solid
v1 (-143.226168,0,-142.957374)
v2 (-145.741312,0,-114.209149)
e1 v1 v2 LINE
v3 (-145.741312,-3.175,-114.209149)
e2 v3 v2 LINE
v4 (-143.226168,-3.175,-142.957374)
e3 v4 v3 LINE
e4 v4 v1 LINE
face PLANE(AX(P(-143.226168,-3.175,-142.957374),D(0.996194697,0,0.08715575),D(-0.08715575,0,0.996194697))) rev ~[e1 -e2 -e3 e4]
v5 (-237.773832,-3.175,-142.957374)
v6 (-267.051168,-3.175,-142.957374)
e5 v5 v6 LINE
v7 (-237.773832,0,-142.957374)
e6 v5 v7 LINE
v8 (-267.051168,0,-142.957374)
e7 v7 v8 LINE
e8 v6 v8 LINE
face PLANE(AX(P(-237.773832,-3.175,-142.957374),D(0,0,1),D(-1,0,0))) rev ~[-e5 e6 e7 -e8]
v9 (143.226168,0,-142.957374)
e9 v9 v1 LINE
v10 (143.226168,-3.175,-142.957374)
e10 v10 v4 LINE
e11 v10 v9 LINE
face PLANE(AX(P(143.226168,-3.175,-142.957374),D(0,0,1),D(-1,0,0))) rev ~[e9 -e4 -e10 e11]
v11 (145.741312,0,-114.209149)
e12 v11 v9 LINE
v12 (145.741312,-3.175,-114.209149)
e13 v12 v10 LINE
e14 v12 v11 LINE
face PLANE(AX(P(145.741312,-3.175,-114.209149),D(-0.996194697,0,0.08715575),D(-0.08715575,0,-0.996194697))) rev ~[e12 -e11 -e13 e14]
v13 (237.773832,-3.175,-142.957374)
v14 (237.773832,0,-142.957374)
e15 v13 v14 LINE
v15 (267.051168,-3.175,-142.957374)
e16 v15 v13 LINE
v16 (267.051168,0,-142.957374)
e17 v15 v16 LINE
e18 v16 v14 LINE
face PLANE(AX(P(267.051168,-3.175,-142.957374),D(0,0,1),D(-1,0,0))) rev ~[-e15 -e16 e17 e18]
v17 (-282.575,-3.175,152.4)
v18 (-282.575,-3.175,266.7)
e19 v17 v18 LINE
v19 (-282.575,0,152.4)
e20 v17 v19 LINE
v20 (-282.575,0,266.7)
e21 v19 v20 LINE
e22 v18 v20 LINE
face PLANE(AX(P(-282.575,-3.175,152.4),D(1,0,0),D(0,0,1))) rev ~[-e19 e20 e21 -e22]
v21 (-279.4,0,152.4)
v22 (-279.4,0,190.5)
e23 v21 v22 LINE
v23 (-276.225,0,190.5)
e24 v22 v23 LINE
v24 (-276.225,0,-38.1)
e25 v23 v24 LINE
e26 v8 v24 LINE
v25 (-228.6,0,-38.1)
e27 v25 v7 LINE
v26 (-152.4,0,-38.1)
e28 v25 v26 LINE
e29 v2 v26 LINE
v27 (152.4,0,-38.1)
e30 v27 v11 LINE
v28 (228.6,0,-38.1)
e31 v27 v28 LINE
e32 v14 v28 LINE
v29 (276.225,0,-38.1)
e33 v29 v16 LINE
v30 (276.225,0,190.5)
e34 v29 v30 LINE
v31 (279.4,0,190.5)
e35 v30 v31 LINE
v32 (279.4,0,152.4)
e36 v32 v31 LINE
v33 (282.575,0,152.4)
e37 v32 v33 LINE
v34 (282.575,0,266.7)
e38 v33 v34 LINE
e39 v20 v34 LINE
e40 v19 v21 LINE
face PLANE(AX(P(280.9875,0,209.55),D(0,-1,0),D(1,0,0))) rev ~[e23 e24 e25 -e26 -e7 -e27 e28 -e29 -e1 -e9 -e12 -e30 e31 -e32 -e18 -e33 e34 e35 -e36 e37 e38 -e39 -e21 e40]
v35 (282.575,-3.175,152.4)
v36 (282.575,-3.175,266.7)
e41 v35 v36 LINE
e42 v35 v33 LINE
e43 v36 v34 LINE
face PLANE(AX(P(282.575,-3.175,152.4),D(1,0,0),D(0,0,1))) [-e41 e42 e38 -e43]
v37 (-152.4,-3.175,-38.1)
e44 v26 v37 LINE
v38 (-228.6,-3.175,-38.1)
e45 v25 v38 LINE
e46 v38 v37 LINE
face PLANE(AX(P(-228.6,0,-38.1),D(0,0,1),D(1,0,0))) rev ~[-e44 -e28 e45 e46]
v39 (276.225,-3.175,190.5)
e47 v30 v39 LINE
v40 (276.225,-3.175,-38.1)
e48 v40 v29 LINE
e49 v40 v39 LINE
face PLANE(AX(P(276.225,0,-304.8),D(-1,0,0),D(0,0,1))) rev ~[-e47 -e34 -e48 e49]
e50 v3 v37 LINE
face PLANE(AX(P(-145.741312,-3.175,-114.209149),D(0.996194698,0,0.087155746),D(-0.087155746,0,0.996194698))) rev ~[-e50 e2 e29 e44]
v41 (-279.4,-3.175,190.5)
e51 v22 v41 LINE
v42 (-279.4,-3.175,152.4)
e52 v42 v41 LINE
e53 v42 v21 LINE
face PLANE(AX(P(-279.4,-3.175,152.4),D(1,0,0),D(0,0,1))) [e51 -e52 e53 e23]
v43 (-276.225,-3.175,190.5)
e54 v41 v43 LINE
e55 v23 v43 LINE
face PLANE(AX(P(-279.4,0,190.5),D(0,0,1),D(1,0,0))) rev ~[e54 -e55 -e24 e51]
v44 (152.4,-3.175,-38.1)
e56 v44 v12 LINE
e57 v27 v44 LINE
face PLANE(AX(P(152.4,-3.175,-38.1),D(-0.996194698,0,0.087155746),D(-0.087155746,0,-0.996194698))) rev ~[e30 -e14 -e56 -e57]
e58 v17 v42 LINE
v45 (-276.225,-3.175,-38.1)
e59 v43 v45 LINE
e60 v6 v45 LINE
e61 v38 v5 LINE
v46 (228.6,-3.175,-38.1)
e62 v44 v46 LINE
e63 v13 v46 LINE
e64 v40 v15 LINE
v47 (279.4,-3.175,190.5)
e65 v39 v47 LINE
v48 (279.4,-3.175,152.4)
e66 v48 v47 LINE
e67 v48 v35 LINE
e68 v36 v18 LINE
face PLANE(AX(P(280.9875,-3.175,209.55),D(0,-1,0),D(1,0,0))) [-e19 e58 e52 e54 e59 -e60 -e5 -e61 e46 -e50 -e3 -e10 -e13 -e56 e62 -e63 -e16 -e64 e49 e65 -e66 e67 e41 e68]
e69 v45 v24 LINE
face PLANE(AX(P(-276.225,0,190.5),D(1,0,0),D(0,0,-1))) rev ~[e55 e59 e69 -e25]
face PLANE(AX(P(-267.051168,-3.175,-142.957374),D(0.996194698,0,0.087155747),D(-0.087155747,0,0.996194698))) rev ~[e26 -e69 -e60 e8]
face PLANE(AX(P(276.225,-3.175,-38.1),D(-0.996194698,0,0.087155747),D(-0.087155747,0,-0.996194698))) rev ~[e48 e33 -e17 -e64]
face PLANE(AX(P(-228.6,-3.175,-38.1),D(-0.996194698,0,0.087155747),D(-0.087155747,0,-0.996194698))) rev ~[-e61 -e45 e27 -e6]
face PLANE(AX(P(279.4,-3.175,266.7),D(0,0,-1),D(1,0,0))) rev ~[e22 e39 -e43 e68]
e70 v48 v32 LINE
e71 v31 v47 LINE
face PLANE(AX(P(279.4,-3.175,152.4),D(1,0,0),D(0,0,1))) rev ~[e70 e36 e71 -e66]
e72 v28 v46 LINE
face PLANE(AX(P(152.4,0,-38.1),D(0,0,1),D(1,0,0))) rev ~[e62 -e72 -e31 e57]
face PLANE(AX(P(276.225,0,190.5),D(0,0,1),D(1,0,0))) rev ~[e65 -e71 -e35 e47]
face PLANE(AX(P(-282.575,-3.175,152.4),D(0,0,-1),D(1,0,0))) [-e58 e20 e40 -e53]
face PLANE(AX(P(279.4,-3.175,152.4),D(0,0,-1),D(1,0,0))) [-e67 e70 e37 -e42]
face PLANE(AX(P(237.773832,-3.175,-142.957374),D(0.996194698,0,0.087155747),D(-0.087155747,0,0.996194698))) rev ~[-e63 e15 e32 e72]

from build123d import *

# Parameters (mm, degrees)
F1_DEPTH = 3.175
F2_W     = 3.175
F2_H     = 114.3
F3_DEPTH = 3.175
F4_W     = 76.2
F4_H     = 161.842626
F5_DEPTH = 3.176


with BuildPart() as f1:
    # F0 (on Front) → F1 (new body)
    with BuildSketch(Plane.XZ):
        Polygon((228.6, -304.8), (276.225, -304.8), (276.225, 190.5), (279.4, 190.5), (279.4, 266.7), (276.225, 266.7), (-276.225, 266.7), (-279.4, 266.7), (-279.4, 190.5), (-276.225, 190.5), (-276.225, 185.04481), (-276.225, -304.8), (-228.6, -304.8), (-228.6, -38.1), (-152.4, -38.1), (-152.4, -304.8), (152.4, -304.8), (152.4, -38.1), (228.6, -38.1), align=None)
    extrude(amount=F1_DEPTH)

    # F2 (on face) → F3 (join, through all)
    with BuildSketch(Plane.XZ.offset(3.175)):
        with Locations((280.9875, 209.55)):
            Rectangle(F2_W, F2_H)
        with Locations((-280.9875, 209.55)):
            Rectangle(F2_W, F2_H)
    extrude(amount=-F3_DEPTH)

    # F4 (on face) → F5 (cut, through all)
    with BuildSketch(Plane.XZ.offset(3.175)):
        Polygon((-228.6, -142.957374), (-228.6, -38.1), (-237.773832, -142.957374), (-267.051168, -142.957374), (-276.225, -38.1), (-276.225, -142.957374), (-276.225, -304.8), (-252.891773, -304.8), (-251.933227, -304.8), (-228.6, -304.8), align=None)
        with Locations((-190.5, -223.878687)):
            Rectangle(F4_W, F4_H)
        Polygon((-152.4, -38.1), (-152.4, -142.957374), (-152.4, -304.8), (152.4, -304.8), (152.4, -142.957374), (152.4, -38.1), (145.741312, -114.209149), (143.226168, -142.957374), (-143.226168, -142.957374), (-145.741312, -114.209149), align=None)
        with Locations((190.5, -223.878687)):
            Rectangle(F4_W, F4_H)
        Polygon((228.6, -142.957374), (228.6, -304.8), (251.933227, -304.8), (252.891773, -304.8), (276.225, -304.8), (276.225, -142.957374), (276.225, -38.1), (267.051168, -142.957374), (237.773832, -142.957374), (228.6, -38.1), align=None)
    extrude(amount=-F5_DEPTH, mode=Mode.SUBTRACT)


solid = f1.part
